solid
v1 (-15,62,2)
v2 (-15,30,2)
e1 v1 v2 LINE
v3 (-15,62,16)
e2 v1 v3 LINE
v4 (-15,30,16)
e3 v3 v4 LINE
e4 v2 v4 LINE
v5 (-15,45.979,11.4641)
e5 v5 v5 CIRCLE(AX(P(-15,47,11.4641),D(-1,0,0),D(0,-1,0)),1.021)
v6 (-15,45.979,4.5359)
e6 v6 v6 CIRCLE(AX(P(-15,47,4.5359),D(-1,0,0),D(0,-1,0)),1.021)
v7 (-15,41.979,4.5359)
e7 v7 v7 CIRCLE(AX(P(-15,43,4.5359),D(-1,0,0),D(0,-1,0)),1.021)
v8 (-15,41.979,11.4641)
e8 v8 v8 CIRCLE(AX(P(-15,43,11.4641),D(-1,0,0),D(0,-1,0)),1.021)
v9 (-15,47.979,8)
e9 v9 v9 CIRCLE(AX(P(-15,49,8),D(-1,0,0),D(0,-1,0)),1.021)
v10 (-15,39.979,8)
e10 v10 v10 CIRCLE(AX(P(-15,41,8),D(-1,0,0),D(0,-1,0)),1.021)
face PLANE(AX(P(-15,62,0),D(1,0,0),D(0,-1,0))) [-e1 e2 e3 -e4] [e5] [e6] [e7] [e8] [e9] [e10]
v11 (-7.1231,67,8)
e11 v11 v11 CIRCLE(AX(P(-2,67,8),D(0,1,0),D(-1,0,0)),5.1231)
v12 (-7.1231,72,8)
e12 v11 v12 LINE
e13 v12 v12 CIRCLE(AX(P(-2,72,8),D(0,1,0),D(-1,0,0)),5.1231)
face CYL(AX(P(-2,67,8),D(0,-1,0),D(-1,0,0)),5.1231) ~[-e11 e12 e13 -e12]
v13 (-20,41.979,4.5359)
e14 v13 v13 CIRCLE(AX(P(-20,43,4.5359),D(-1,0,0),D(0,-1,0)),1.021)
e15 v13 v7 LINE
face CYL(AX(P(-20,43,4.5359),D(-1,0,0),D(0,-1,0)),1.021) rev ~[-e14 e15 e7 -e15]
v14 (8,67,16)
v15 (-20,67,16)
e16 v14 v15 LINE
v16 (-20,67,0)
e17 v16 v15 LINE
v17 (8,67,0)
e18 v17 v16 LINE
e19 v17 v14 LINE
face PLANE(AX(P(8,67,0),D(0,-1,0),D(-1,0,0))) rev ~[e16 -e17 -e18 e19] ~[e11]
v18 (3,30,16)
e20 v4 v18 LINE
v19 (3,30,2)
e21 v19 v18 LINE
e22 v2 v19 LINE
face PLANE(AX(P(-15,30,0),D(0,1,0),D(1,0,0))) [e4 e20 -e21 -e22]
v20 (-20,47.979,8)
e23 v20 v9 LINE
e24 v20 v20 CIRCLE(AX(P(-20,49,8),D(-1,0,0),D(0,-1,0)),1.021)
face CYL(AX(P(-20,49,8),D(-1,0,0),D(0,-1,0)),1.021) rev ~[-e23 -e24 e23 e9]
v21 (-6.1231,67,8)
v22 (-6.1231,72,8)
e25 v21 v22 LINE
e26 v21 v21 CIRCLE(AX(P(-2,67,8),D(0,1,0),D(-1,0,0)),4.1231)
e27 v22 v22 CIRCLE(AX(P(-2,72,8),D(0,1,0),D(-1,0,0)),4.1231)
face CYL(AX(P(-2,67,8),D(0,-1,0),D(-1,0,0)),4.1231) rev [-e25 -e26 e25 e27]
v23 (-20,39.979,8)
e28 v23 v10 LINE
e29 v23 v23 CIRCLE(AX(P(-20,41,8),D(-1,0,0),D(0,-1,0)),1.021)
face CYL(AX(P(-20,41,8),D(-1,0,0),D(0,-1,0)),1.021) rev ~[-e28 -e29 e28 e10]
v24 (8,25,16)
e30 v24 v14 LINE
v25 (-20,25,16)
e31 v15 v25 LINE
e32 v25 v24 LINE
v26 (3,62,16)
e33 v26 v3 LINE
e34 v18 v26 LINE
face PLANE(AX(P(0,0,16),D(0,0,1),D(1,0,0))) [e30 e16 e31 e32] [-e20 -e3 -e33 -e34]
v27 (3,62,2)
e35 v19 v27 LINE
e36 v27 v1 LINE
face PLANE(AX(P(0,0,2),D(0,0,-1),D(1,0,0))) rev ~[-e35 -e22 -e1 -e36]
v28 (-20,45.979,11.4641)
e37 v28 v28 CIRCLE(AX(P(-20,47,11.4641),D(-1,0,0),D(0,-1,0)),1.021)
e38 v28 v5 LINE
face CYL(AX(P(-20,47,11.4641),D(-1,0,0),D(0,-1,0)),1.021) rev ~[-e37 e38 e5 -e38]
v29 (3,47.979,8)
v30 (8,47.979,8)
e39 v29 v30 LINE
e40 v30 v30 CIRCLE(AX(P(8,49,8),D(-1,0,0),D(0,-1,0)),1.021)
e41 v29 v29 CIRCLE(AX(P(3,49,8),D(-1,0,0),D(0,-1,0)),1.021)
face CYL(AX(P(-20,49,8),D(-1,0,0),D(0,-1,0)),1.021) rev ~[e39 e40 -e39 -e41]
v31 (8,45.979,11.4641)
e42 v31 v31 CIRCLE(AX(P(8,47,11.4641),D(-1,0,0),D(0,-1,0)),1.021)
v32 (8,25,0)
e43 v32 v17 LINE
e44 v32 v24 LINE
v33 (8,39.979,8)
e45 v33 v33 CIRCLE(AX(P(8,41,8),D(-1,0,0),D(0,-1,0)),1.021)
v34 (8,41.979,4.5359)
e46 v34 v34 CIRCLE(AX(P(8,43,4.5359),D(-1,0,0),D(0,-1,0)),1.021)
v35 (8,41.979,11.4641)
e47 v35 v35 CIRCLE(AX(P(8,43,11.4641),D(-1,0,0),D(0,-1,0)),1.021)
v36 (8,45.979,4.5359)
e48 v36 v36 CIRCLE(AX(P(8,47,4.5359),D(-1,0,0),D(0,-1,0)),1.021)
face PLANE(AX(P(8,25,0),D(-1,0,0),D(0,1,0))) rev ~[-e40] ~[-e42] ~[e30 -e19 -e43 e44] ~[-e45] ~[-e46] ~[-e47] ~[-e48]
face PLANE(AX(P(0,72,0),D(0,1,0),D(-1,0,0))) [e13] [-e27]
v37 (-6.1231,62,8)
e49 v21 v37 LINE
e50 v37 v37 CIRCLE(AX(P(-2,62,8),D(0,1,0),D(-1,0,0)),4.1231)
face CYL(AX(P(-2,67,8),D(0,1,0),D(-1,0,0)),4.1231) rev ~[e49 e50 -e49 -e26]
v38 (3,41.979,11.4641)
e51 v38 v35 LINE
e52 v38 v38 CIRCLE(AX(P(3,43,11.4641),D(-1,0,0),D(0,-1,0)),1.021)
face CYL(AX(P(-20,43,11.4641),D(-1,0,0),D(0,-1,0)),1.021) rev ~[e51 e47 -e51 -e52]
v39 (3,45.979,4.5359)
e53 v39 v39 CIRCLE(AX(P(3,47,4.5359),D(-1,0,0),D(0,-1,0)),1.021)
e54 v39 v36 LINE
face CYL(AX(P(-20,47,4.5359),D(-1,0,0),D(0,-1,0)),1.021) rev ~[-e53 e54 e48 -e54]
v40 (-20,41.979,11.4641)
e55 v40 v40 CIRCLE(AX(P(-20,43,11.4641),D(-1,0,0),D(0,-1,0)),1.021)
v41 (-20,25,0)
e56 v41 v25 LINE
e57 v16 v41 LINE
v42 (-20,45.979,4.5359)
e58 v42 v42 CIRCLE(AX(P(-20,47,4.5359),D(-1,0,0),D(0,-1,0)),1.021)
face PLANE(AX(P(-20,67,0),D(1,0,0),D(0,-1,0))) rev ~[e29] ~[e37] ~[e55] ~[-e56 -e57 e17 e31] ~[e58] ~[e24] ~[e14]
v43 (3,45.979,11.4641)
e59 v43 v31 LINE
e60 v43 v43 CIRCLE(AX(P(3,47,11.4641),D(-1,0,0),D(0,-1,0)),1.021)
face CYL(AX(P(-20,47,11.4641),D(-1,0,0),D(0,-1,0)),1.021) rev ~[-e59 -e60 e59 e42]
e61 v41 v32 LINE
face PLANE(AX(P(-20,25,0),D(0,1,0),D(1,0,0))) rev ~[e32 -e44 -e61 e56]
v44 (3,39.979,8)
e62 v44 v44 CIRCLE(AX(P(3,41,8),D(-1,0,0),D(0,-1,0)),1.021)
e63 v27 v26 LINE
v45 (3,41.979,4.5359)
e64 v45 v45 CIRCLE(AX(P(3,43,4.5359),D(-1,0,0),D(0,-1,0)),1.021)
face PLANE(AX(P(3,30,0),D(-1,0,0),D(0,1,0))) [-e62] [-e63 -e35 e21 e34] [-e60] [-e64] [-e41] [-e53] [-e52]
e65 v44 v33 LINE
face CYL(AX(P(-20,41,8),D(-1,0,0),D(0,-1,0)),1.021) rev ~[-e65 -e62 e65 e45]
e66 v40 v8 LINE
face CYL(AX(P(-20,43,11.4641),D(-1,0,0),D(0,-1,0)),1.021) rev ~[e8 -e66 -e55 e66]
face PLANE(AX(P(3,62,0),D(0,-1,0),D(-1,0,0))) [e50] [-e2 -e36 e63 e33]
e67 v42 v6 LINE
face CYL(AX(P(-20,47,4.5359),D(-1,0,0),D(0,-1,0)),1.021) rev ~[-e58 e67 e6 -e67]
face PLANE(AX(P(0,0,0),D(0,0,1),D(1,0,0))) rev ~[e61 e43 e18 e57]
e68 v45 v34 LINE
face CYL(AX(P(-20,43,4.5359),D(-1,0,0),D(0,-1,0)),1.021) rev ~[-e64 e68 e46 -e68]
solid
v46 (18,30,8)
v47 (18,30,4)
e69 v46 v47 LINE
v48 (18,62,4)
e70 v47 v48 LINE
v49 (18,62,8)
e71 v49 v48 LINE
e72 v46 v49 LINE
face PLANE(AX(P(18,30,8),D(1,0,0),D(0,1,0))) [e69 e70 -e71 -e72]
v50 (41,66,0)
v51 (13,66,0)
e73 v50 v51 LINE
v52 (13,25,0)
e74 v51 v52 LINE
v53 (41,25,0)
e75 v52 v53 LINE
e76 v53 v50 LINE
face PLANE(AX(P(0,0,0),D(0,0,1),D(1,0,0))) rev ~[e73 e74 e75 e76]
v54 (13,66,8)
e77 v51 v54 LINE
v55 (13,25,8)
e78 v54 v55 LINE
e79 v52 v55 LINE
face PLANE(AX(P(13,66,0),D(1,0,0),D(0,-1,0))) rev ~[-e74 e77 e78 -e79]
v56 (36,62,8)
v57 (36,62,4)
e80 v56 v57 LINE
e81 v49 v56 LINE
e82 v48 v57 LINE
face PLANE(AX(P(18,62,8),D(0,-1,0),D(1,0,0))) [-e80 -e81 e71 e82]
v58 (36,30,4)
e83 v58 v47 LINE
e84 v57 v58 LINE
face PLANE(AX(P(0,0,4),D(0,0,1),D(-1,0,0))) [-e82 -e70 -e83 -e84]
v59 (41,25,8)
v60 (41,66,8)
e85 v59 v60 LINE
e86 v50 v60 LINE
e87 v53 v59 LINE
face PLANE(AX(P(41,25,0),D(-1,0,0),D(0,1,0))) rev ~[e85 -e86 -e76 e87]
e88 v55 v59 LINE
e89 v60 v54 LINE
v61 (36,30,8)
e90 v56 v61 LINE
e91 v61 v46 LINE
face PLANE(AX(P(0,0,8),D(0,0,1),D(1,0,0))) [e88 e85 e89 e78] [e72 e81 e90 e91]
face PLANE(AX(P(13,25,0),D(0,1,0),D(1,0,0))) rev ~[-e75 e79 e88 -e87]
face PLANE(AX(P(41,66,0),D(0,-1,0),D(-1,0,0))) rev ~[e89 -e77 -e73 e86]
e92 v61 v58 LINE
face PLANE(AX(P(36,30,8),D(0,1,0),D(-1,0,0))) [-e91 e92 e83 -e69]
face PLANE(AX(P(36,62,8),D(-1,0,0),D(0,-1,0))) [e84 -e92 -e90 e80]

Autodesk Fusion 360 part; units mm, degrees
sketch "Sketch1" plane through (0, 0, 0) normal (0, 0, 1) x (1, 0, 0)
  line L0 (-15, 30) -> (3, 30)
  line L1 (3, 30) -> (3, 62)
  line L2 (3, 62) -> (-15, 62)
  line L3 (-15, 62) -> (-15, 30)
  line L4 (8, 67) -> (-20, 67)
  line L5 (-20, 67) -> (-20, 25)
  line L6 (-20, 25) -> (8, 25)
  line L7 (8, 25) -> (8, 67)
  dimension "d1" = 5
extrude "Extrude1" add sketch "Sketch1" along normal blind 16 makes body 1
sketch "Sketch2" plane through (0, 0, 0) normal (0, 0, -1) x (1, 0, 0)
  line L0 (-15, -62) -> (-15, -30)
  line L1 (-15, -30) -> (3, -30)
  line L2 (3, -30) -> (3, -62)
  line L3 (3, -62) -> (-15, -62)
  line L4 (8, -67) -> (8, -25)
  line L5 (8, -25) -> (-20, -25)
  line L6 (-20, -25) -> (-20, -67)
  line L7 (-20, -67) -> (8, -67)
  line L8 (-20, -25) -> (8, -25)
  line L9 (8, -25) -> (8, -67)
  line L10 (8, -67) -> (-20, -67)
  line L11 (-20, -67) -> (-20, -25)
extrude "Extrude2" add sketch "Sketch2" against normal blind 2 contours L0 L1 L2 L3 bodies 1
sketch "Sketch3" plane through (0, 67, 0) normal (0, 1, 0) x (-1, 0, 0)
  line L0 (-8, 0) -> (20, 0)
  line L1 (20, 0) -> (20, 16)
  line L2 (20, 16) -> (-8, 16)
  line L3 (-8, 16) -> (-8, 0)
  circle A0 centre (2, 8) radius 4.1231
  circle A1 centre (2, 8) radius 5.1231
  dimension "d8" = 1
extrude "Extrude4" add sketch "Sketch3" along normal blind 5 contours A1 bodies 1
extrude "Extrude3" cut sketch "Sketch3" against normal blind 5 contours A0 bodies 1
sketch "Sketch4" plane through (-20, 0, 0) normal (-1, 0, 0) x (0, -1, 0)
  line L0 (-67, 0) -> (-25, 0)
  line L1 (-25, 0) -> (-25, 16)
  line L2 (-25, 16) -> (-67, 16)
  line L3 (-67, 16) -> (-67, 0)
  circle A0 centre (-41, 8) radius 1.021
  circle A1 centre (-43, 11.4641) radius 1.021
  circle A2 centre (-47, 11.4641) radius 1.021
  circle A3 centre (-49, 8) radius 1.021
  circle A4 centre (-47, 4.5359) radius 1.021
  circle A5 centre (-43, 4.5359) radius 1.021
  point P0 (-45, 8)
  dimension "d12" = 360
extrude "Extrude5" cut sketch "Sketch4" against normal blind 32 contours A0 | A1 | A2 | A3 | A4 | A5 bodies 1
sketch "Sketch5" plane through (0, 0, 0) normal (0, 0, 1) x (1, 0, 0)
  line L0 (13, 25) -> (41, 25)
  line L1 (41, 25) -> (41, 66)
  line L2 (41, 66) -> (13, 66)
  line L3 (13, 66) -> (13, 25)
extrude "Extrude6" add sketch "Sketch5" along normal blind 8 separate body makes body 2
sketch "Sketch6" plane through (0, 0, 8) normal (0, 0, 1) x (-1, 0, 0)
  line L0 (-13, -66) -> (-13, -25)
  line L1 (-13, -25) -> (-41, -25)
  line L2 (-41, -25) -> (-41, -66)
  line L3 (-41, -66) -> (-13, -66)
  line L4 (-18, -62) -> (-36, -62)
  line L5 (-36, -62) -> (-36, -30)
  line L6 (-36, -30) -> (-18, -30)
  line L7 (-18, -30) -> (-18, -62)
extrude "Extrude7" cut sketch "Sketch6" against normal blind 4 contours L4 L5 L6 L7 bodies 2
